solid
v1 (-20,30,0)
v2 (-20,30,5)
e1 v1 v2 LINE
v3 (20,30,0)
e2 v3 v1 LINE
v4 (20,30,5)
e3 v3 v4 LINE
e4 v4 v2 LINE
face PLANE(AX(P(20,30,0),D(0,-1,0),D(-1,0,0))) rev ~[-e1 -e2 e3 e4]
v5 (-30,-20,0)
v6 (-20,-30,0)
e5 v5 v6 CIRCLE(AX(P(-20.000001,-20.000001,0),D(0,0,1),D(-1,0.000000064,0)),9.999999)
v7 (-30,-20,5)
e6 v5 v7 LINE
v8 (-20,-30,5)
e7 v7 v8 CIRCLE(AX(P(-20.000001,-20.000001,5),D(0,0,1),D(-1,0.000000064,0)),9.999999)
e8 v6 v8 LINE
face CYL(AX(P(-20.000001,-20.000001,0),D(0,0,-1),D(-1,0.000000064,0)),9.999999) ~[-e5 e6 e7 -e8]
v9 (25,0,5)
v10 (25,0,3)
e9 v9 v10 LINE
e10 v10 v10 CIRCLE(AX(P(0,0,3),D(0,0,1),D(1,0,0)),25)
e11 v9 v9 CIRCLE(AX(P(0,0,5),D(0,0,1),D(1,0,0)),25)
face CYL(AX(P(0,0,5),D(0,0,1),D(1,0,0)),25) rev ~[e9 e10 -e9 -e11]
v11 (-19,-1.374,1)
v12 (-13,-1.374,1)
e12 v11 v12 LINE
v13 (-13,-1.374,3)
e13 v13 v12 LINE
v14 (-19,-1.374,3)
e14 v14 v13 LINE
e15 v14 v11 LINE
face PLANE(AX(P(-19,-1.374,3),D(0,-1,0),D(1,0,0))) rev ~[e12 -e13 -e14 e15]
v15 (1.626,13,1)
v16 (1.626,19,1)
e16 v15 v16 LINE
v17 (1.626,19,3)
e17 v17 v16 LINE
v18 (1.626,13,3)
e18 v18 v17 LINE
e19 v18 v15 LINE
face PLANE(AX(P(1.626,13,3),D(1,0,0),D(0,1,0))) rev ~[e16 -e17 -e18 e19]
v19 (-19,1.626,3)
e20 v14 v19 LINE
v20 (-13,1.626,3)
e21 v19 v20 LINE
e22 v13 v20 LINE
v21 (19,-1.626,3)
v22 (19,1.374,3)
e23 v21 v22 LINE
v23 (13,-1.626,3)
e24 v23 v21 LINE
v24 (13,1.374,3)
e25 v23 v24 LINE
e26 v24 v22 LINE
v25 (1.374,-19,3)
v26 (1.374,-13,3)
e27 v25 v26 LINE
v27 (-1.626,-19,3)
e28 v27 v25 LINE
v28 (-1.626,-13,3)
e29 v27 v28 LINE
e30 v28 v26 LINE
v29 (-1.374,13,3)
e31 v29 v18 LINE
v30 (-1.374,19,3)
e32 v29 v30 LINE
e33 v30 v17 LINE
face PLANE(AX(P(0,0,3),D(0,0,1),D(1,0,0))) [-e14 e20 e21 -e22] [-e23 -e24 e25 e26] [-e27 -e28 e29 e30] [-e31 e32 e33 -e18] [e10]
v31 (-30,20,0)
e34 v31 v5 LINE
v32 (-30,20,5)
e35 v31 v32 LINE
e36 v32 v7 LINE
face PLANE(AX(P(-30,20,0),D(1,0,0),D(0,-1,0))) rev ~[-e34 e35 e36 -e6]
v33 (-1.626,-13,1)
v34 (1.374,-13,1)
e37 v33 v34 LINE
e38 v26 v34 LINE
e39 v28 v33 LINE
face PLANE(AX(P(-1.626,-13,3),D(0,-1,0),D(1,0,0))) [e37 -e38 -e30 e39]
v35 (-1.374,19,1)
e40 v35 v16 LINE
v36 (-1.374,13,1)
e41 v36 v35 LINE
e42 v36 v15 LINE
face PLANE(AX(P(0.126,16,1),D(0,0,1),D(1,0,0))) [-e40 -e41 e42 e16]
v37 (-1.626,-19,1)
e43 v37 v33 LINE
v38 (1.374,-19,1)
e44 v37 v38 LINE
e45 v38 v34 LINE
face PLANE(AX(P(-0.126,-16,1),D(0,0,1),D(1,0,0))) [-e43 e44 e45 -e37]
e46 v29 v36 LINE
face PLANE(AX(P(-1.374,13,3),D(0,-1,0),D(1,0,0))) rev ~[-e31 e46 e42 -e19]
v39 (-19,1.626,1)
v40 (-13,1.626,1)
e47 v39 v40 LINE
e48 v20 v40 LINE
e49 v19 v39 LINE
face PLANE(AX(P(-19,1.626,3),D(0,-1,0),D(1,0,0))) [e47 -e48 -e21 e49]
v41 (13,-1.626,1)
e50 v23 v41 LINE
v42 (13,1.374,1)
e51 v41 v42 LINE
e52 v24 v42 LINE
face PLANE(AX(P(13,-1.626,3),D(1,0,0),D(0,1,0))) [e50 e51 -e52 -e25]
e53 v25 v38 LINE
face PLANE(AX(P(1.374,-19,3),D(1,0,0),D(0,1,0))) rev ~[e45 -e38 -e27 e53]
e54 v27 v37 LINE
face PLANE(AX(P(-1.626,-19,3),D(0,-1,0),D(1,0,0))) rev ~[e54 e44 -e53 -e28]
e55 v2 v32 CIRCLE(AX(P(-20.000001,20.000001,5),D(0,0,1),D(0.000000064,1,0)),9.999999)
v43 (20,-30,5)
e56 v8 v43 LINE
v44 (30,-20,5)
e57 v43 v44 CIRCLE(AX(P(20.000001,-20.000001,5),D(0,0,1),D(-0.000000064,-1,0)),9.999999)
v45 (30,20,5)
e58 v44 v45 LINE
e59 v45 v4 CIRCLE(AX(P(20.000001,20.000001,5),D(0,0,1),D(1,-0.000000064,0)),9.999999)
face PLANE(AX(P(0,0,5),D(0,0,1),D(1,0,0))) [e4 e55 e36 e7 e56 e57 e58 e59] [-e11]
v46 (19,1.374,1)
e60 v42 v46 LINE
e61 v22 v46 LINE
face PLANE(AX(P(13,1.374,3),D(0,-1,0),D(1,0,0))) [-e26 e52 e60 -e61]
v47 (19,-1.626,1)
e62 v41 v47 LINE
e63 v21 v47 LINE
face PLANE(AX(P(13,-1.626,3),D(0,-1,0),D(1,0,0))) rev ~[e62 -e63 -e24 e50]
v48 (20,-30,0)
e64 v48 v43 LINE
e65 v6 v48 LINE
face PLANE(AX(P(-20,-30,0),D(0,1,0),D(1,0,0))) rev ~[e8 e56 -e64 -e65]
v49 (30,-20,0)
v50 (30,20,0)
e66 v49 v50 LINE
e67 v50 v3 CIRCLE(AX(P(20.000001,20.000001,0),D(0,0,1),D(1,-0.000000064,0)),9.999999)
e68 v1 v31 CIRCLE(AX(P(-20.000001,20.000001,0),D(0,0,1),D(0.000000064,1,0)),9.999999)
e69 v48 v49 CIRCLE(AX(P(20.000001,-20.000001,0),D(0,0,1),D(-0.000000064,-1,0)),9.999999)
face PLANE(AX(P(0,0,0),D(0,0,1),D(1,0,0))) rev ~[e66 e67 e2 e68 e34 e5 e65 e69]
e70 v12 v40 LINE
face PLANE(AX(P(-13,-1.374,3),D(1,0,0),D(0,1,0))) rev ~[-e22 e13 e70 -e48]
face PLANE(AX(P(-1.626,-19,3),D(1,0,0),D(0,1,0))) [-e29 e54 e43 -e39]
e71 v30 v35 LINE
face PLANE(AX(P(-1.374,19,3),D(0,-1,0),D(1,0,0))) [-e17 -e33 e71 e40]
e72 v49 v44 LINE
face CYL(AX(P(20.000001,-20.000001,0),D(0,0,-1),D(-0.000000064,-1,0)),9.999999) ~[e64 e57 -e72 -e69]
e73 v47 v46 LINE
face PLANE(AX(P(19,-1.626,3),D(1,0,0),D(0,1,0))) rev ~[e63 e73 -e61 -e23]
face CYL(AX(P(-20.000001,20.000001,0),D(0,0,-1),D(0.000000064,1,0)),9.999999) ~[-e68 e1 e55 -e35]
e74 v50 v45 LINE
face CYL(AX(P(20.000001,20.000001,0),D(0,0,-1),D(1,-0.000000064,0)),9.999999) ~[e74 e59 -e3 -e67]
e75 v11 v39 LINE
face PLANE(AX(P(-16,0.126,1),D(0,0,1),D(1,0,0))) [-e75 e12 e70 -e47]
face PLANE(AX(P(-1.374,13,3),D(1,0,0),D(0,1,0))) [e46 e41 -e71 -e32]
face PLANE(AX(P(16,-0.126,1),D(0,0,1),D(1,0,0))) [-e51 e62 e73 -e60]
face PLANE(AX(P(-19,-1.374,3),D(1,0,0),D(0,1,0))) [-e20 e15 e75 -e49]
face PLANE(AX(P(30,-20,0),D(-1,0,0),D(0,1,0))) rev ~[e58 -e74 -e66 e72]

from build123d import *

# Parameters (mm, degrees)
F1_DEPTH = 5
F2_R     = 25
F3_DEPTH = 2
F4_W     = 3
F4_H     = 6
F4_W_2   = 6
F4_H_2   = 3
F5_DEPTH = 2


with BuildPart() as f1:
    # F0 (on Top) → F1 (new body)
    with BuildSketch(Plane.XY):
        with BuildLine():
            Line((20, 30), (-20, 30))
            ThreePointArc((-20, 30), (-27.071068, 27.071068), (-30, 20))
            Line((-30, 20), (-30, -20))
            ThreePointArc((-30, -20), (-27.071068, -27.071068), (-20, -30))
            Line((-20, -30), (20, -30))
            ThreePointArc((20, -30), (27.071068, -27.071068), (30, -20))
            Line((30, -20), (30, 20))
            ThreePointArc((30, 20), (27.071068, 27.071068), (20, 30))
        make_face()
    extrude(amount=F1_DEPTH)

    # F2 (on face) → F3 (cut)
    with BuildSketch(Plane.XY.offset(5)):
        Circle(F2_R)
    extrude(amount=-F3_DEPTH, mode=Mode.SUBTRACT)

    # F4 (on face) → F5 (cut)
    with BuildSketch(Plane.XY.offset(3)):
        with Locations((0.126, 16)):
            Rectangle(F4_W, F4_H)
        with Locations((-16, 0.126)):
            Rectangle(F4_W_2, F4_H_2)
        with Locations((16, -0.126)):
            Rectangle(F4_W_2, F4_H_2)
        with Locations((-0.126, -16)):
            Rectangle(F4_W, F4_H)
    extrude(amount=-F5_DEPTH, mode=Mode.SUBTRACT)


solid = f1.part
